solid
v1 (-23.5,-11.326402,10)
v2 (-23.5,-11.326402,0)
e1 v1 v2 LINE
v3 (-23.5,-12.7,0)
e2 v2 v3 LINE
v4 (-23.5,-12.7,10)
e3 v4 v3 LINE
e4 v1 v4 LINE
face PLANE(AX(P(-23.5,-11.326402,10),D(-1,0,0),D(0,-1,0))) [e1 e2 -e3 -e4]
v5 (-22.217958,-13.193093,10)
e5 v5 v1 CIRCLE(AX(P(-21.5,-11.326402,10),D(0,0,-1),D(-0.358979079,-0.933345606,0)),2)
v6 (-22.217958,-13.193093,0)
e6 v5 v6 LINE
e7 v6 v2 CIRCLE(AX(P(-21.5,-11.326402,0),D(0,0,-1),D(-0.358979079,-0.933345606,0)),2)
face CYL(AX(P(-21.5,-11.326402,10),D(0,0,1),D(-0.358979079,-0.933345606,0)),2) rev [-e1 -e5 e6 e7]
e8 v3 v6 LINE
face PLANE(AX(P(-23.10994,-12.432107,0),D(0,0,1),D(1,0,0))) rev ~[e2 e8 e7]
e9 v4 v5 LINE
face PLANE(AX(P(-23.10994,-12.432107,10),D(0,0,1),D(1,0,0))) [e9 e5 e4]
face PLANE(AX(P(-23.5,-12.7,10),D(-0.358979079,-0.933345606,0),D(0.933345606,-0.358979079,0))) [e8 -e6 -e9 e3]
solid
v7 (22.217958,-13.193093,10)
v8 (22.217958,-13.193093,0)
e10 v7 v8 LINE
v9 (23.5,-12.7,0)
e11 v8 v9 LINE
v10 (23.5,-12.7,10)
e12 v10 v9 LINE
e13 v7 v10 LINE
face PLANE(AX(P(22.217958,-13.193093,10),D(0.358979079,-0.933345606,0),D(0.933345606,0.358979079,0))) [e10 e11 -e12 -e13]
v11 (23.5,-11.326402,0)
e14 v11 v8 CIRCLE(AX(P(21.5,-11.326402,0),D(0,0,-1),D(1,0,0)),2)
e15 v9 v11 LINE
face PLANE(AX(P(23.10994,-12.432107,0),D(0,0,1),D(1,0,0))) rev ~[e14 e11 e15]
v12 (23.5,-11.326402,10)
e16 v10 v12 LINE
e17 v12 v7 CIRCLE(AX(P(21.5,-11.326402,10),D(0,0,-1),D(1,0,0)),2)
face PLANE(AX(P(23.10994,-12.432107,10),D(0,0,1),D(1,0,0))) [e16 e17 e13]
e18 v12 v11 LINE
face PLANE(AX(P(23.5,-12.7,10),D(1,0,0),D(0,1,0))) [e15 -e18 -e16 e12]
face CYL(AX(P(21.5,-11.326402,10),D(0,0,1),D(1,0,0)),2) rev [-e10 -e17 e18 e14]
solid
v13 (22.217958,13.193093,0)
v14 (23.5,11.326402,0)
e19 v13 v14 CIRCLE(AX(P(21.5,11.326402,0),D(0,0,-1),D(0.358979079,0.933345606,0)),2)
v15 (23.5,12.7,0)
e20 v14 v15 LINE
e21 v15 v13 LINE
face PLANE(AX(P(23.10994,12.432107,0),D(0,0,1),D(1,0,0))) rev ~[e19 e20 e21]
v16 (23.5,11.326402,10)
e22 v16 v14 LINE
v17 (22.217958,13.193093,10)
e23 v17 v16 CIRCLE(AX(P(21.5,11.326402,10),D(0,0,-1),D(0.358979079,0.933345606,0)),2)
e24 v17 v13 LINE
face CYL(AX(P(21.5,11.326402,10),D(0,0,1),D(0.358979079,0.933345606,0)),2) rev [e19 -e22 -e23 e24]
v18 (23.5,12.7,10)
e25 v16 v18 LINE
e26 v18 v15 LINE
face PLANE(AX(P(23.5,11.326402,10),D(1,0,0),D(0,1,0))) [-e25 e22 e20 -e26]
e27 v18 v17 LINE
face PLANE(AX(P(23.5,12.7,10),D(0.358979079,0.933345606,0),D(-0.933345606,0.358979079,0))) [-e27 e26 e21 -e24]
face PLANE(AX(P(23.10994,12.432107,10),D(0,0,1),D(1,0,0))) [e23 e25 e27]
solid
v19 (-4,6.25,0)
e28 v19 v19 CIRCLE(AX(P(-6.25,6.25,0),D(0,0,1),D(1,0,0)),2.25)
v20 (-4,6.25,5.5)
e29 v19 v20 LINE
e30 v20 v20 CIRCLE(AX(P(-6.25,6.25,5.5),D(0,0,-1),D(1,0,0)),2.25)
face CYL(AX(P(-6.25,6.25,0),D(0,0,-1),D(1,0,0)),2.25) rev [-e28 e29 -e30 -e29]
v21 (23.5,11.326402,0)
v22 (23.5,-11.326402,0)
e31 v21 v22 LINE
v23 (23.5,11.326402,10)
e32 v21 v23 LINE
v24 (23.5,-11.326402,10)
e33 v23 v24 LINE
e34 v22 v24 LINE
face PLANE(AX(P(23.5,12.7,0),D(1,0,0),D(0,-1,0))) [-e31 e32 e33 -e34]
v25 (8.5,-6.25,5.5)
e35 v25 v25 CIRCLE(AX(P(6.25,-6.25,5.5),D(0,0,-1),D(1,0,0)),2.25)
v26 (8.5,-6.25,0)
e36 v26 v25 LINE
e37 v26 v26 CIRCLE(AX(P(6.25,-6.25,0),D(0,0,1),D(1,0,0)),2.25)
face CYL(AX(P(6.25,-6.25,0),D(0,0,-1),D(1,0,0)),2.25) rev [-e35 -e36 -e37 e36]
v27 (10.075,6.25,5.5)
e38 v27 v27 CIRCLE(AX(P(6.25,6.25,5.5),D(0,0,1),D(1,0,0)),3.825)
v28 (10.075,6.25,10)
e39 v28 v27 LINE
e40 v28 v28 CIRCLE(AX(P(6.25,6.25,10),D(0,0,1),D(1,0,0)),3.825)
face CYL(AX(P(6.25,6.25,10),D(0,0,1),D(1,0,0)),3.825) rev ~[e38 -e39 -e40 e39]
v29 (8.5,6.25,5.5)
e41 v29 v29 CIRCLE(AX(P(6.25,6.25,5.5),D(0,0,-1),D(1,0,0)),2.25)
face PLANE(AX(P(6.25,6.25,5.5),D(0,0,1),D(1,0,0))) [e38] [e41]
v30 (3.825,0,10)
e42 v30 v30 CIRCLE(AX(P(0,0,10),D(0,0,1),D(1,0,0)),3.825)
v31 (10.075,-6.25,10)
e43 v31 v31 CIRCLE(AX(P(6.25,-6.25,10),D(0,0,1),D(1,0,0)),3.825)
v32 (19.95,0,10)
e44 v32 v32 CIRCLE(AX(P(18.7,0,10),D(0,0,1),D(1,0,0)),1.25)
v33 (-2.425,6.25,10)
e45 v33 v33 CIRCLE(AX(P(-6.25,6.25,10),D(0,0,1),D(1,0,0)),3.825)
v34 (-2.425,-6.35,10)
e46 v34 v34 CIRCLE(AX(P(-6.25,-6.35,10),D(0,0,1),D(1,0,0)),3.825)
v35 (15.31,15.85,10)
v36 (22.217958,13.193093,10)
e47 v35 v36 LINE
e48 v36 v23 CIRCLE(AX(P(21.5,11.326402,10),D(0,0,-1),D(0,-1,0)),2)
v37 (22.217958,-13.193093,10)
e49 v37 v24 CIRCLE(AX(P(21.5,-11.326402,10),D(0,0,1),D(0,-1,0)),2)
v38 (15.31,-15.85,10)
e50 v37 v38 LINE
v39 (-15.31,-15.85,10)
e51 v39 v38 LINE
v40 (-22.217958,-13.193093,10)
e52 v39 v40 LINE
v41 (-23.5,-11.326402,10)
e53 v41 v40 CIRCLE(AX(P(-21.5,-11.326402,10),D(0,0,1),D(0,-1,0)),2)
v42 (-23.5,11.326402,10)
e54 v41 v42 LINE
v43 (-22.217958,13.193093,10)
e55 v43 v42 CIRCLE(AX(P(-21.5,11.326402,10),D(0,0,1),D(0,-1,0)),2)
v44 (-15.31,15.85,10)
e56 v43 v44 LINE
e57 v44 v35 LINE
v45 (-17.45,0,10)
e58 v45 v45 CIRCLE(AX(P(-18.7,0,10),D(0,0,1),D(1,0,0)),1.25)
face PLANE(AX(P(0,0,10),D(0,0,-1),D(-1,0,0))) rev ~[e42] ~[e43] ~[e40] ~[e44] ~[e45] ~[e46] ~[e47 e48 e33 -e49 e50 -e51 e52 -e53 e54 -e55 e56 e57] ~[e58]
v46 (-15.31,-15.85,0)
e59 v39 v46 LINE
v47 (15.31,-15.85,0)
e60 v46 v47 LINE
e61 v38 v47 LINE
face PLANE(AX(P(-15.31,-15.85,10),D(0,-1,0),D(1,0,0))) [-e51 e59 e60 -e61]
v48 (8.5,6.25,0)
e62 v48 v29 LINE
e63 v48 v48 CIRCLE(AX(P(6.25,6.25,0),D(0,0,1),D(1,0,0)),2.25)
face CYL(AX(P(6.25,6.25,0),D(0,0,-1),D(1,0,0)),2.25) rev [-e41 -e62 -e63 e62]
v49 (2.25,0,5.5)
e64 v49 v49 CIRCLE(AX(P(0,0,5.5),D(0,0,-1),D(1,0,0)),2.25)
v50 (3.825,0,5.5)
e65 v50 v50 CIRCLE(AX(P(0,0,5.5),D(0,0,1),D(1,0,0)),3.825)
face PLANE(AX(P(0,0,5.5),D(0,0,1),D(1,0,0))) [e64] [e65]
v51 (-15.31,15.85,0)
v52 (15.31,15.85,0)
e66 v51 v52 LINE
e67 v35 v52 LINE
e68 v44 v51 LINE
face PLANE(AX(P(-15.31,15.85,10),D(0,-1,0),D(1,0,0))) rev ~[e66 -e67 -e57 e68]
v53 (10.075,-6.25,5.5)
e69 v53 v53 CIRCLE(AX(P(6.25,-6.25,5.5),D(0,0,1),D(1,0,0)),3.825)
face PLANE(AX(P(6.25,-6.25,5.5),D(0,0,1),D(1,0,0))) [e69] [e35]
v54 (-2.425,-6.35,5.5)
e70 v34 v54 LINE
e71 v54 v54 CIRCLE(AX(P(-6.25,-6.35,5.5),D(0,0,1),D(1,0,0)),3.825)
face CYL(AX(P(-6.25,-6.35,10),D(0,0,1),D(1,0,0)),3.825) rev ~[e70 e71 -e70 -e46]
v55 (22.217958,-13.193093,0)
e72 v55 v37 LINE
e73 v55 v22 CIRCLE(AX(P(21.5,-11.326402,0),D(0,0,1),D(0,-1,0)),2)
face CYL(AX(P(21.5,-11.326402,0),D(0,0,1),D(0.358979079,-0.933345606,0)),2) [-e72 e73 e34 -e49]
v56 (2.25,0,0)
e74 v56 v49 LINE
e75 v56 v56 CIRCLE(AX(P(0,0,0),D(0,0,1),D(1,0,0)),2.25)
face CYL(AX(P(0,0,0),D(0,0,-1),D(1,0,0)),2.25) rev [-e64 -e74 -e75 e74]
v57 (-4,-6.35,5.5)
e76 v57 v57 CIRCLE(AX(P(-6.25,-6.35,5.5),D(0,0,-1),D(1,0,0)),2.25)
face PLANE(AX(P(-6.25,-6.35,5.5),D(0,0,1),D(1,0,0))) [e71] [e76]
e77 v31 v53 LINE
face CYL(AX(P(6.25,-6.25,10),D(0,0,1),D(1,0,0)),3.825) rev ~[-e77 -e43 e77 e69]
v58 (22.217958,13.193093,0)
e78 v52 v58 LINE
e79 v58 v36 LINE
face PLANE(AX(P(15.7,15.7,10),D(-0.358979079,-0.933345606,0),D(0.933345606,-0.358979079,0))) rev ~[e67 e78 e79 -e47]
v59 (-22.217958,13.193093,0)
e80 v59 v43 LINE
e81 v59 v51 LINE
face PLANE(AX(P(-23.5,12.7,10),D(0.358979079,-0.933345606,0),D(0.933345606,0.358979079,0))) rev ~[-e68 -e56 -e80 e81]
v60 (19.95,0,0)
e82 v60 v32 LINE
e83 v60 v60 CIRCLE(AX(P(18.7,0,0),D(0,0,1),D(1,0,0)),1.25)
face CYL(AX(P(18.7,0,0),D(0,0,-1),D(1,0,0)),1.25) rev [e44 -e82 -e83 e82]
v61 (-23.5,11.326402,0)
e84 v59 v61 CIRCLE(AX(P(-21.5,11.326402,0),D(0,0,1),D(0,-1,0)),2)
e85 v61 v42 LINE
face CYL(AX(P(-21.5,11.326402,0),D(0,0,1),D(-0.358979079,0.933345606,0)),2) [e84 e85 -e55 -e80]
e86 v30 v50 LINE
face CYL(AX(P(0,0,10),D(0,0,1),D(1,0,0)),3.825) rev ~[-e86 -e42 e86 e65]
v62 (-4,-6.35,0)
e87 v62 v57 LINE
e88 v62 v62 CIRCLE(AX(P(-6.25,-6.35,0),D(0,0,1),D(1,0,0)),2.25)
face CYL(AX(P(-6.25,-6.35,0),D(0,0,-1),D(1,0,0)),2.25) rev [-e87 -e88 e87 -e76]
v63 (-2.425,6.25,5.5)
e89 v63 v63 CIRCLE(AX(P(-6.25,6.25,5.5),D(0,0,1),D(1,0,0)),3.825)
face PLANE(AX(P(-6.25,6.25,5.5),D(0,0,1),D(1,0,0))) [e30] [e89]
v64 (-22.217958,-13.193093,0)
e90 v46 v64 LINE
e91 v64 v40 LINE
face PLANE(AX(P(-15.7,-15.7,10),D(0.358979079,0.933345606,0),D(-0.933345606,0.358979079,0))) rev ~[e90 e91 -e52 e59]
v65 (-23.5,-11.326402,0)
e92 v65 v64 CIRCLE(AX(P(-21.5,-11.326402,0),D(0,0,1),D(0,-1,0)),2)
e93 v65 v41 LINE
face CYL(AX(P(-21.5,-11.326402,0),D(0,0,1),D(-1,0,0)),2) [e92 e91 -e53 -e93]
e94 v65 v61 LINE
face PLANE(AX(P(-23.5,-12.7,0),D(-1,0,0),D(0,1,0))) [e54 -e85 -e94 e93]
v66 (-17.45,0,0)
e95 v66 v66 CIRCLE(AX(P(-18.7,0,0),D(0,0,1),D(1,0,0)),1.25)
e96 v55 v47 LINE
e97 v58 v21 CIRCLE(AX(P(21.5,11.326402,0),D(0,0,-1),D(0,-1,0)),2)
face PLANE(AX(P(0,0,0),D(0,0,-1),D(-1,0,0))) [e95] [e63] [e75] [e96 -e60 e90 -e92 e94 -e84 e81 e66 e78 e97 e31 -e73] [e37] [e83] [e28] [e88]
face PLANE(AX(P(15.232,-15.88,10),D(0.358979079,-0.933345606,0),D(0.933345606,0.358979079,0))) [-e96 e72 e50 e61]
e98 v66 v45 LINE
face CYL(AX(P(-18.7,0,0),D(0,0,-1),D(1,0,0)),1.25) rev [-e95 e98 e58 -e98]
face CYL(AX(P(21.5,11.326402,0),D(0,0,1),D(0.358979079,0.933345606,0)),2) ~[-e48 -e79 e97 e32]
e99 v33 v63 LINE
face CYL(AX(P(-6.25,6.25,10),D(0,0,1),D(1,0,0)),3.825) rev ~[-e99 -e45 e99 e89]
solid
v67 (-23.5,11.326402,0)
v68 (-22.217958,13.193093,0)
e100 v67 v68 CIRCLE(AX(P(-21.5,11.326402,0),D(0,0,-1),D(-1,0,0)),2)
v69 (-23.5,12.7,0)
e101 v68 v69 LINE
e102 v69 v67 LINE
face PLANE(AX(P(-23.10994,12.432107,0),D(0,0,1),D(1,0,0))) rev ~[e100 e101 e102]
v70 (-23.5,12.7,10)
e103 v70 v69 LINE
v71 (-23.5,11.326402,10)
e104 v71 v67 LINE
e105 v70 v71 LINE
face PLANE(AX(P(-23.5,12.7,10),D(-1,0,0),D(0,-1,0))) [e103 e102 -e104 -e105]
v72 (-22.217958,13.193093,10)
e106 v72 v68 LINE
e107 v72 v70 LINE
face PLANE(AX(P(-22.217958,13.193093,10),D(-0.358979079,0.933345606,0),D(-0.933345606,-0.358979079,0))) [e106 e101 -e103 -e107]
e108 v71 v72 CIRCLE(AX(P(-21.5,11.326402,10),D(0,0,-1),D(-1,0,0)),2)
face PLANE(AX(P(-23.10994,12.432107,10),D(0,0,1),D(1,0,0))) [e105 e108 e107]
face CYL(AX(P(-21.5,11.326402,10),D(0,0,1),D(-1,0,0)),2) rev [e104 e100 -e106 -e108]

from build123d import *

# Parameters (mm, degrees)
SKETCH1_R             = 1.25
SKETCH1_R_2           = 2.25
BOSS_EXTRUDE1_DEPTH   = 10
SKETCH2_R             = 3.825
CUT_EXTRUDE1_DEPTH    = 4.5
CUT_EXTRUDE2_DEPTH    = 10
FILLET1_R             = 2
CUT_EXTRUDE3_DEPTH    = 10
CUT_EXTRUDE4_DEPTH    = 10
CUT_EXTRUDE6_DEPTH    = 10
BOSS_EXTRUDE2_DEPTH   = 10
BOSS_EXTRUDE2_2_DEPTH = 10
BOSS_EXTRUDE2_3_DEPTH = 10
BOSS_EXTRUDE2_4_DEPTH = 10


with BuildPart() as part:
    # Sketch1 → Boss-Extrude1 (new body)
    with BuildSketch(Plane.XY):
        Polygon((-12.7, 23.5), (12.7, 23.5), (23.5, 12.7), (23.5, -12.7), (12.7, -23.5), (-12.7, -23.5), (-23.5, -12.7), (-23.5, 12.7), align=None)
        with Locations((0, 18.7)):
            Circle(SKETCH1_R, mode=Mode.SUBTRACT)
        with Locations((18.7, 0)):
            Circle(SKETCH1_R, mode=Mode.SUBTRACT)
        with Locations((0, -18.7)):
            Circle(SKETCH1_R, mode=Mode.SUBTRACT)
        with Locations((-18.7, 0)):
            Circle(SKETCH1_R, mode=Mode.SUBTRACT)
        Circle(SKETCH1_R_2, mode=Mode.SUBTRACT)
        with Locations((-6.25, 6.25)):
            Circle(SKETCH1_R_2, mode=Mode.SUBTRACT)
        with Locations((6.25, 6.25)):
            Circle(SKETCH1_R_2, mode=Mode.SUBTRACT)
        with Locations((6.25, -6.25)):
            Circle(SKETCH1_R_2, mode=Mode.SUBTRACT)
        with Locations((-6.25, -6.35)):
            Circle(SKETCH1_R_2, mode=Mode.SUBTRACT)
    extrude(amount=BOSS_EXTRUDE1_DEPTH)

    # Sketch2 → Cut-Extrude1 (cut)
    with BuildSketch(Plane.XY.offset(10)):
        with Locations((-6.25, 6.25)):
            Circle(SKETCH2_R)
        with Locations((6.25, 6.25)):
            Circle(SKETCH2_R)
        Circle(SKETCH2_R)
        with Locations((-6.25, -6.35)):
            Circle(SKETCH2_R)
        with Locations((6.25, -6.25)):
            Circle(SKETCH2_R)
    extrude(amount=-CUT_EXTRUDE1_DEPTH, mode=Mode.SUBTRACT)

    # Sketch3 → Cut-Extrude2 (cut)
    with BuildSketch(Plane.XY.offset(10)):
        Polygon((12.7, 23.5), (15.7, 15.7), (23.5, 12.7), align=None)
        Polygon((23.5, -12.7), (15.7, -15.7), (12.7, -23.5), align=None)
        Polygon((-12.7, -23.5), (-15.7, -15.7), (-23.5, -12.7), align=None)
        Polygon((-23.5, 12.7), (-15.7, 15.7), (-12.7, 23.5), align=None)
    extrude(amount=-CUT_EXTRUDE2_DEPTH, mode=Mode.SUBTRACT)

    # Fillet1
    fillet1_edges = [part.edges().sort_by_distance(p)[0] for p in [
        (15.7, 15.7, 5),
        (15.7, -15.7, 5),
        (-15.7, -15.7, 5),
        (-23.5, -12.7, 5),
        (-23.5, 12.7, 5),
        (-12.7, 23.5, 5),
        (12.7, 23.5, 5),
        (23.5, 12.7, 5),
        (23.5, -12.7, 5),
        (12.7, -23.5, 5),
        (-12.7, -23.5, 5),
        (-15.7, 15.7, 5),
    ]]
    fillet(fillet1_edges, radius=FILLET1_R)

    # Sketch5 → Cut-Extrude3 (cut)
    with BuildSketch(Plane.XY.offset(10)):
        with BuildLine():
            Line((-15.788258503, 15.88), (15.788258503, 15.88))
            ThreePointArc((15.788258503, 15.88), (15.553157953, 16.185115491), (15.380907485, 16.529640539))
            Line((15.380907485, 16.529640539), (13.193093016, 22.217958159))
            ThreePointArc((13.193093016, 22.217958159), (12.458674669, 23.14862311), (11.326401804, 23.5))
            Line((11.326401804, 23.5), (-11.326401804, 23.5))
            ThreePointArc((-11.326401804, 23.5), (-12.458674669, 23.14862311), (-13.193093016, 22.217958159))
            Line((-13.193093016, 22.217958159), (-15.380907485, 16.529640539))
            ThreePointArc((-15.380907485, 16.529640539), (-15.553157953, 16.185115491), (-15.788258503, 15.88))
        make_face()
        with BuildLine():
            Line((-15.788258503, -15.88), (15.788258503, -15.88))
            ThreePointArc((15.788258503, -15.88), (15.553157953, -16.185115491), (15.380907485, -16.529640539))
            Line((15.380907485, -16.529640539), (13.193093016, -22.217958159))
            ThreePointArc((13.193093016, -22.217958159), (12.458674669, -23.14862311), (11.326401804, -23.5))
            Line((11.326401804, -23.5), (-11.326401804, -23.5))
            ThreePointArc((-11.326401804, -23.5), (-12.458674669, -23.14862311), (-13.193093016, -22.217958159))
            Line((-13.193093016, -22.217958159), (-15.380907485, -16.529640539))
            ThreePointArc((-15.380907485, -16.529640539), (-15.553157953, -16.185115491), (-15.788258503, -15.88))
        make_face()
    extrude(amount=-CUT_EXTRUDE3_DEPTH, mode=Mode.SUBTRACT)

    # Sketch6 → Cut-Extrude4 (cut)
    with BuildSketch(Plane.XY.offset(10)):
        with BuildLine():
            Line((-16.529640539, -15.380907485), (-15.232, -15.88))
            Line((-15.232, -15.88), (-15.788258503, -15.88))
            ThreePointArc((-15.788258503, -15.88), (-16.130714476, -15.588511709), (-16.529640539, -15.380907485))
        make_face()
        with BuildLine():
            Line((15.788258503, -15.88), (15.232, -15.88))
            Line((15.232, -15.88), (16.529640539, -15.380907485))
            ThreePointArc((16.529640539, -15.380907485), (16.130714476, -15.588511709), (15.788258503, -15.88))
        make_face()
        with BuildLine():
            Line((16.529640539, 15.380907485), (15.232, 15.88))
            Line((15.232, 15.88), (15.788258503, 15.88))
            ThreePointArc((15.788258503, 15.88), (16.130714476, 15.588511709), (16.529640539, 15.380907485))
        make_face()
        with BuildLine():
            Line((-15.788258503, 15.88), (-15.232, 15.88))
            Line((-15.232, 15.88), (-16.529640539, 15.380907485))
            ThreePointArc((-16.529640539, 15.380907485), (-16.130714476, 15.588511709), (-15.788258503, 15.88))
        make_face()
    extrude(amount=-CUT_EXTRUDE4_DEPTH, mode=Mode.SUBTRACT)

    # Sketch7 → Cut-Extrude6 (cut)
    with BuildSketch(Plane.XY.offset(10)):
        Polygon((-15.31, 15.85), (15.31, 15.85), (15.232, 15.88), (-15.232, 15.88), align=None)
        Polygon((-15.31, -15.85), (15.31, -15.85), (15.232, -15.88), (-15.232, -15.88), align=None)
    extrude(amount=-CUT_EXTRUDE6_DEPTH, mode=Mode.SUBTRACT)


with BuildPart() as body_2:
    # Sketch8 → Boss-Extrude2 (new body)
    with BuildSketch(Plane.XY.offset(10)):
        with BuildLine():
            Line((-23.5, -11.326401804), (-23.5, -12.7))
            Line((-23.5, -12.7), (-22.217958159, -13.193093016))
            ThreePointArc((-22.217958159, -13.193093016), (-23.14862311, -12.458674669), (-23.5, -11.326401804))
        make_face()
    extrude(amount=-BOSS_EXTRUDE2_DEPTH)


with BuildPart() as body_3:
    # Sketch8 → Boss-Extrude2 2 (new body)
    with BuildSketch(Plane.XY.offset(10)):
        with BuildLine():
            Line((23.5, 11.326401804), (23.5, 12.7))
            Line((23.5, 12.7), (22.217958159, 13.193093016))
            ThreePointArc((22.217958159, 13.193093016), (23.14862311, 12.458674669), (23.5, 11.326401804))
        make_face()
    extrude(amount=-BOSS_EXTRUDE2_2_DEPTH)


with BuildPart() as body_4:
    # Sketch8 → Boss-Extrude2 3 (new body)
    with BuildSketch(Plane.XY.offset(10)):
        with BuildLine():
            Line((-22.217958159, 13.193093016), (-23.5, 12.7))
            Line((-23.5, 12.7), (-23.5, 11.326401804))
            ThreePointArc((-23.5, 11.326401804), (-23.14862311, 12.458674669), (-22.217958159, 13.193093016))
        make_face()
    extrude(amount=-BOSS_EXTRUDE2_3_DEPTH)


with BuildPart() as body_5:
    # Sketch8 → Boss-Extrude2 4 (new body)
    with BuildSketch(Plane.XY.offset(10)):
        with BuildLine():
            Line((22.217958159, -13.193093016), (23.5, -12.7))
            Line((23.5, -12.7), (23.5, -11.326401804))
            ThreePointArc((23.5, -11.326401804), (23.14862311, -12.458674669), (22.217958159, -13.193093016))
        make_face()
    extrude(amount=-BOSS_EXTRUDE2_4_DEPTH)


solid = Compound([part.part, body_2.part, body_3.part, body_4.part, body_5.part])
